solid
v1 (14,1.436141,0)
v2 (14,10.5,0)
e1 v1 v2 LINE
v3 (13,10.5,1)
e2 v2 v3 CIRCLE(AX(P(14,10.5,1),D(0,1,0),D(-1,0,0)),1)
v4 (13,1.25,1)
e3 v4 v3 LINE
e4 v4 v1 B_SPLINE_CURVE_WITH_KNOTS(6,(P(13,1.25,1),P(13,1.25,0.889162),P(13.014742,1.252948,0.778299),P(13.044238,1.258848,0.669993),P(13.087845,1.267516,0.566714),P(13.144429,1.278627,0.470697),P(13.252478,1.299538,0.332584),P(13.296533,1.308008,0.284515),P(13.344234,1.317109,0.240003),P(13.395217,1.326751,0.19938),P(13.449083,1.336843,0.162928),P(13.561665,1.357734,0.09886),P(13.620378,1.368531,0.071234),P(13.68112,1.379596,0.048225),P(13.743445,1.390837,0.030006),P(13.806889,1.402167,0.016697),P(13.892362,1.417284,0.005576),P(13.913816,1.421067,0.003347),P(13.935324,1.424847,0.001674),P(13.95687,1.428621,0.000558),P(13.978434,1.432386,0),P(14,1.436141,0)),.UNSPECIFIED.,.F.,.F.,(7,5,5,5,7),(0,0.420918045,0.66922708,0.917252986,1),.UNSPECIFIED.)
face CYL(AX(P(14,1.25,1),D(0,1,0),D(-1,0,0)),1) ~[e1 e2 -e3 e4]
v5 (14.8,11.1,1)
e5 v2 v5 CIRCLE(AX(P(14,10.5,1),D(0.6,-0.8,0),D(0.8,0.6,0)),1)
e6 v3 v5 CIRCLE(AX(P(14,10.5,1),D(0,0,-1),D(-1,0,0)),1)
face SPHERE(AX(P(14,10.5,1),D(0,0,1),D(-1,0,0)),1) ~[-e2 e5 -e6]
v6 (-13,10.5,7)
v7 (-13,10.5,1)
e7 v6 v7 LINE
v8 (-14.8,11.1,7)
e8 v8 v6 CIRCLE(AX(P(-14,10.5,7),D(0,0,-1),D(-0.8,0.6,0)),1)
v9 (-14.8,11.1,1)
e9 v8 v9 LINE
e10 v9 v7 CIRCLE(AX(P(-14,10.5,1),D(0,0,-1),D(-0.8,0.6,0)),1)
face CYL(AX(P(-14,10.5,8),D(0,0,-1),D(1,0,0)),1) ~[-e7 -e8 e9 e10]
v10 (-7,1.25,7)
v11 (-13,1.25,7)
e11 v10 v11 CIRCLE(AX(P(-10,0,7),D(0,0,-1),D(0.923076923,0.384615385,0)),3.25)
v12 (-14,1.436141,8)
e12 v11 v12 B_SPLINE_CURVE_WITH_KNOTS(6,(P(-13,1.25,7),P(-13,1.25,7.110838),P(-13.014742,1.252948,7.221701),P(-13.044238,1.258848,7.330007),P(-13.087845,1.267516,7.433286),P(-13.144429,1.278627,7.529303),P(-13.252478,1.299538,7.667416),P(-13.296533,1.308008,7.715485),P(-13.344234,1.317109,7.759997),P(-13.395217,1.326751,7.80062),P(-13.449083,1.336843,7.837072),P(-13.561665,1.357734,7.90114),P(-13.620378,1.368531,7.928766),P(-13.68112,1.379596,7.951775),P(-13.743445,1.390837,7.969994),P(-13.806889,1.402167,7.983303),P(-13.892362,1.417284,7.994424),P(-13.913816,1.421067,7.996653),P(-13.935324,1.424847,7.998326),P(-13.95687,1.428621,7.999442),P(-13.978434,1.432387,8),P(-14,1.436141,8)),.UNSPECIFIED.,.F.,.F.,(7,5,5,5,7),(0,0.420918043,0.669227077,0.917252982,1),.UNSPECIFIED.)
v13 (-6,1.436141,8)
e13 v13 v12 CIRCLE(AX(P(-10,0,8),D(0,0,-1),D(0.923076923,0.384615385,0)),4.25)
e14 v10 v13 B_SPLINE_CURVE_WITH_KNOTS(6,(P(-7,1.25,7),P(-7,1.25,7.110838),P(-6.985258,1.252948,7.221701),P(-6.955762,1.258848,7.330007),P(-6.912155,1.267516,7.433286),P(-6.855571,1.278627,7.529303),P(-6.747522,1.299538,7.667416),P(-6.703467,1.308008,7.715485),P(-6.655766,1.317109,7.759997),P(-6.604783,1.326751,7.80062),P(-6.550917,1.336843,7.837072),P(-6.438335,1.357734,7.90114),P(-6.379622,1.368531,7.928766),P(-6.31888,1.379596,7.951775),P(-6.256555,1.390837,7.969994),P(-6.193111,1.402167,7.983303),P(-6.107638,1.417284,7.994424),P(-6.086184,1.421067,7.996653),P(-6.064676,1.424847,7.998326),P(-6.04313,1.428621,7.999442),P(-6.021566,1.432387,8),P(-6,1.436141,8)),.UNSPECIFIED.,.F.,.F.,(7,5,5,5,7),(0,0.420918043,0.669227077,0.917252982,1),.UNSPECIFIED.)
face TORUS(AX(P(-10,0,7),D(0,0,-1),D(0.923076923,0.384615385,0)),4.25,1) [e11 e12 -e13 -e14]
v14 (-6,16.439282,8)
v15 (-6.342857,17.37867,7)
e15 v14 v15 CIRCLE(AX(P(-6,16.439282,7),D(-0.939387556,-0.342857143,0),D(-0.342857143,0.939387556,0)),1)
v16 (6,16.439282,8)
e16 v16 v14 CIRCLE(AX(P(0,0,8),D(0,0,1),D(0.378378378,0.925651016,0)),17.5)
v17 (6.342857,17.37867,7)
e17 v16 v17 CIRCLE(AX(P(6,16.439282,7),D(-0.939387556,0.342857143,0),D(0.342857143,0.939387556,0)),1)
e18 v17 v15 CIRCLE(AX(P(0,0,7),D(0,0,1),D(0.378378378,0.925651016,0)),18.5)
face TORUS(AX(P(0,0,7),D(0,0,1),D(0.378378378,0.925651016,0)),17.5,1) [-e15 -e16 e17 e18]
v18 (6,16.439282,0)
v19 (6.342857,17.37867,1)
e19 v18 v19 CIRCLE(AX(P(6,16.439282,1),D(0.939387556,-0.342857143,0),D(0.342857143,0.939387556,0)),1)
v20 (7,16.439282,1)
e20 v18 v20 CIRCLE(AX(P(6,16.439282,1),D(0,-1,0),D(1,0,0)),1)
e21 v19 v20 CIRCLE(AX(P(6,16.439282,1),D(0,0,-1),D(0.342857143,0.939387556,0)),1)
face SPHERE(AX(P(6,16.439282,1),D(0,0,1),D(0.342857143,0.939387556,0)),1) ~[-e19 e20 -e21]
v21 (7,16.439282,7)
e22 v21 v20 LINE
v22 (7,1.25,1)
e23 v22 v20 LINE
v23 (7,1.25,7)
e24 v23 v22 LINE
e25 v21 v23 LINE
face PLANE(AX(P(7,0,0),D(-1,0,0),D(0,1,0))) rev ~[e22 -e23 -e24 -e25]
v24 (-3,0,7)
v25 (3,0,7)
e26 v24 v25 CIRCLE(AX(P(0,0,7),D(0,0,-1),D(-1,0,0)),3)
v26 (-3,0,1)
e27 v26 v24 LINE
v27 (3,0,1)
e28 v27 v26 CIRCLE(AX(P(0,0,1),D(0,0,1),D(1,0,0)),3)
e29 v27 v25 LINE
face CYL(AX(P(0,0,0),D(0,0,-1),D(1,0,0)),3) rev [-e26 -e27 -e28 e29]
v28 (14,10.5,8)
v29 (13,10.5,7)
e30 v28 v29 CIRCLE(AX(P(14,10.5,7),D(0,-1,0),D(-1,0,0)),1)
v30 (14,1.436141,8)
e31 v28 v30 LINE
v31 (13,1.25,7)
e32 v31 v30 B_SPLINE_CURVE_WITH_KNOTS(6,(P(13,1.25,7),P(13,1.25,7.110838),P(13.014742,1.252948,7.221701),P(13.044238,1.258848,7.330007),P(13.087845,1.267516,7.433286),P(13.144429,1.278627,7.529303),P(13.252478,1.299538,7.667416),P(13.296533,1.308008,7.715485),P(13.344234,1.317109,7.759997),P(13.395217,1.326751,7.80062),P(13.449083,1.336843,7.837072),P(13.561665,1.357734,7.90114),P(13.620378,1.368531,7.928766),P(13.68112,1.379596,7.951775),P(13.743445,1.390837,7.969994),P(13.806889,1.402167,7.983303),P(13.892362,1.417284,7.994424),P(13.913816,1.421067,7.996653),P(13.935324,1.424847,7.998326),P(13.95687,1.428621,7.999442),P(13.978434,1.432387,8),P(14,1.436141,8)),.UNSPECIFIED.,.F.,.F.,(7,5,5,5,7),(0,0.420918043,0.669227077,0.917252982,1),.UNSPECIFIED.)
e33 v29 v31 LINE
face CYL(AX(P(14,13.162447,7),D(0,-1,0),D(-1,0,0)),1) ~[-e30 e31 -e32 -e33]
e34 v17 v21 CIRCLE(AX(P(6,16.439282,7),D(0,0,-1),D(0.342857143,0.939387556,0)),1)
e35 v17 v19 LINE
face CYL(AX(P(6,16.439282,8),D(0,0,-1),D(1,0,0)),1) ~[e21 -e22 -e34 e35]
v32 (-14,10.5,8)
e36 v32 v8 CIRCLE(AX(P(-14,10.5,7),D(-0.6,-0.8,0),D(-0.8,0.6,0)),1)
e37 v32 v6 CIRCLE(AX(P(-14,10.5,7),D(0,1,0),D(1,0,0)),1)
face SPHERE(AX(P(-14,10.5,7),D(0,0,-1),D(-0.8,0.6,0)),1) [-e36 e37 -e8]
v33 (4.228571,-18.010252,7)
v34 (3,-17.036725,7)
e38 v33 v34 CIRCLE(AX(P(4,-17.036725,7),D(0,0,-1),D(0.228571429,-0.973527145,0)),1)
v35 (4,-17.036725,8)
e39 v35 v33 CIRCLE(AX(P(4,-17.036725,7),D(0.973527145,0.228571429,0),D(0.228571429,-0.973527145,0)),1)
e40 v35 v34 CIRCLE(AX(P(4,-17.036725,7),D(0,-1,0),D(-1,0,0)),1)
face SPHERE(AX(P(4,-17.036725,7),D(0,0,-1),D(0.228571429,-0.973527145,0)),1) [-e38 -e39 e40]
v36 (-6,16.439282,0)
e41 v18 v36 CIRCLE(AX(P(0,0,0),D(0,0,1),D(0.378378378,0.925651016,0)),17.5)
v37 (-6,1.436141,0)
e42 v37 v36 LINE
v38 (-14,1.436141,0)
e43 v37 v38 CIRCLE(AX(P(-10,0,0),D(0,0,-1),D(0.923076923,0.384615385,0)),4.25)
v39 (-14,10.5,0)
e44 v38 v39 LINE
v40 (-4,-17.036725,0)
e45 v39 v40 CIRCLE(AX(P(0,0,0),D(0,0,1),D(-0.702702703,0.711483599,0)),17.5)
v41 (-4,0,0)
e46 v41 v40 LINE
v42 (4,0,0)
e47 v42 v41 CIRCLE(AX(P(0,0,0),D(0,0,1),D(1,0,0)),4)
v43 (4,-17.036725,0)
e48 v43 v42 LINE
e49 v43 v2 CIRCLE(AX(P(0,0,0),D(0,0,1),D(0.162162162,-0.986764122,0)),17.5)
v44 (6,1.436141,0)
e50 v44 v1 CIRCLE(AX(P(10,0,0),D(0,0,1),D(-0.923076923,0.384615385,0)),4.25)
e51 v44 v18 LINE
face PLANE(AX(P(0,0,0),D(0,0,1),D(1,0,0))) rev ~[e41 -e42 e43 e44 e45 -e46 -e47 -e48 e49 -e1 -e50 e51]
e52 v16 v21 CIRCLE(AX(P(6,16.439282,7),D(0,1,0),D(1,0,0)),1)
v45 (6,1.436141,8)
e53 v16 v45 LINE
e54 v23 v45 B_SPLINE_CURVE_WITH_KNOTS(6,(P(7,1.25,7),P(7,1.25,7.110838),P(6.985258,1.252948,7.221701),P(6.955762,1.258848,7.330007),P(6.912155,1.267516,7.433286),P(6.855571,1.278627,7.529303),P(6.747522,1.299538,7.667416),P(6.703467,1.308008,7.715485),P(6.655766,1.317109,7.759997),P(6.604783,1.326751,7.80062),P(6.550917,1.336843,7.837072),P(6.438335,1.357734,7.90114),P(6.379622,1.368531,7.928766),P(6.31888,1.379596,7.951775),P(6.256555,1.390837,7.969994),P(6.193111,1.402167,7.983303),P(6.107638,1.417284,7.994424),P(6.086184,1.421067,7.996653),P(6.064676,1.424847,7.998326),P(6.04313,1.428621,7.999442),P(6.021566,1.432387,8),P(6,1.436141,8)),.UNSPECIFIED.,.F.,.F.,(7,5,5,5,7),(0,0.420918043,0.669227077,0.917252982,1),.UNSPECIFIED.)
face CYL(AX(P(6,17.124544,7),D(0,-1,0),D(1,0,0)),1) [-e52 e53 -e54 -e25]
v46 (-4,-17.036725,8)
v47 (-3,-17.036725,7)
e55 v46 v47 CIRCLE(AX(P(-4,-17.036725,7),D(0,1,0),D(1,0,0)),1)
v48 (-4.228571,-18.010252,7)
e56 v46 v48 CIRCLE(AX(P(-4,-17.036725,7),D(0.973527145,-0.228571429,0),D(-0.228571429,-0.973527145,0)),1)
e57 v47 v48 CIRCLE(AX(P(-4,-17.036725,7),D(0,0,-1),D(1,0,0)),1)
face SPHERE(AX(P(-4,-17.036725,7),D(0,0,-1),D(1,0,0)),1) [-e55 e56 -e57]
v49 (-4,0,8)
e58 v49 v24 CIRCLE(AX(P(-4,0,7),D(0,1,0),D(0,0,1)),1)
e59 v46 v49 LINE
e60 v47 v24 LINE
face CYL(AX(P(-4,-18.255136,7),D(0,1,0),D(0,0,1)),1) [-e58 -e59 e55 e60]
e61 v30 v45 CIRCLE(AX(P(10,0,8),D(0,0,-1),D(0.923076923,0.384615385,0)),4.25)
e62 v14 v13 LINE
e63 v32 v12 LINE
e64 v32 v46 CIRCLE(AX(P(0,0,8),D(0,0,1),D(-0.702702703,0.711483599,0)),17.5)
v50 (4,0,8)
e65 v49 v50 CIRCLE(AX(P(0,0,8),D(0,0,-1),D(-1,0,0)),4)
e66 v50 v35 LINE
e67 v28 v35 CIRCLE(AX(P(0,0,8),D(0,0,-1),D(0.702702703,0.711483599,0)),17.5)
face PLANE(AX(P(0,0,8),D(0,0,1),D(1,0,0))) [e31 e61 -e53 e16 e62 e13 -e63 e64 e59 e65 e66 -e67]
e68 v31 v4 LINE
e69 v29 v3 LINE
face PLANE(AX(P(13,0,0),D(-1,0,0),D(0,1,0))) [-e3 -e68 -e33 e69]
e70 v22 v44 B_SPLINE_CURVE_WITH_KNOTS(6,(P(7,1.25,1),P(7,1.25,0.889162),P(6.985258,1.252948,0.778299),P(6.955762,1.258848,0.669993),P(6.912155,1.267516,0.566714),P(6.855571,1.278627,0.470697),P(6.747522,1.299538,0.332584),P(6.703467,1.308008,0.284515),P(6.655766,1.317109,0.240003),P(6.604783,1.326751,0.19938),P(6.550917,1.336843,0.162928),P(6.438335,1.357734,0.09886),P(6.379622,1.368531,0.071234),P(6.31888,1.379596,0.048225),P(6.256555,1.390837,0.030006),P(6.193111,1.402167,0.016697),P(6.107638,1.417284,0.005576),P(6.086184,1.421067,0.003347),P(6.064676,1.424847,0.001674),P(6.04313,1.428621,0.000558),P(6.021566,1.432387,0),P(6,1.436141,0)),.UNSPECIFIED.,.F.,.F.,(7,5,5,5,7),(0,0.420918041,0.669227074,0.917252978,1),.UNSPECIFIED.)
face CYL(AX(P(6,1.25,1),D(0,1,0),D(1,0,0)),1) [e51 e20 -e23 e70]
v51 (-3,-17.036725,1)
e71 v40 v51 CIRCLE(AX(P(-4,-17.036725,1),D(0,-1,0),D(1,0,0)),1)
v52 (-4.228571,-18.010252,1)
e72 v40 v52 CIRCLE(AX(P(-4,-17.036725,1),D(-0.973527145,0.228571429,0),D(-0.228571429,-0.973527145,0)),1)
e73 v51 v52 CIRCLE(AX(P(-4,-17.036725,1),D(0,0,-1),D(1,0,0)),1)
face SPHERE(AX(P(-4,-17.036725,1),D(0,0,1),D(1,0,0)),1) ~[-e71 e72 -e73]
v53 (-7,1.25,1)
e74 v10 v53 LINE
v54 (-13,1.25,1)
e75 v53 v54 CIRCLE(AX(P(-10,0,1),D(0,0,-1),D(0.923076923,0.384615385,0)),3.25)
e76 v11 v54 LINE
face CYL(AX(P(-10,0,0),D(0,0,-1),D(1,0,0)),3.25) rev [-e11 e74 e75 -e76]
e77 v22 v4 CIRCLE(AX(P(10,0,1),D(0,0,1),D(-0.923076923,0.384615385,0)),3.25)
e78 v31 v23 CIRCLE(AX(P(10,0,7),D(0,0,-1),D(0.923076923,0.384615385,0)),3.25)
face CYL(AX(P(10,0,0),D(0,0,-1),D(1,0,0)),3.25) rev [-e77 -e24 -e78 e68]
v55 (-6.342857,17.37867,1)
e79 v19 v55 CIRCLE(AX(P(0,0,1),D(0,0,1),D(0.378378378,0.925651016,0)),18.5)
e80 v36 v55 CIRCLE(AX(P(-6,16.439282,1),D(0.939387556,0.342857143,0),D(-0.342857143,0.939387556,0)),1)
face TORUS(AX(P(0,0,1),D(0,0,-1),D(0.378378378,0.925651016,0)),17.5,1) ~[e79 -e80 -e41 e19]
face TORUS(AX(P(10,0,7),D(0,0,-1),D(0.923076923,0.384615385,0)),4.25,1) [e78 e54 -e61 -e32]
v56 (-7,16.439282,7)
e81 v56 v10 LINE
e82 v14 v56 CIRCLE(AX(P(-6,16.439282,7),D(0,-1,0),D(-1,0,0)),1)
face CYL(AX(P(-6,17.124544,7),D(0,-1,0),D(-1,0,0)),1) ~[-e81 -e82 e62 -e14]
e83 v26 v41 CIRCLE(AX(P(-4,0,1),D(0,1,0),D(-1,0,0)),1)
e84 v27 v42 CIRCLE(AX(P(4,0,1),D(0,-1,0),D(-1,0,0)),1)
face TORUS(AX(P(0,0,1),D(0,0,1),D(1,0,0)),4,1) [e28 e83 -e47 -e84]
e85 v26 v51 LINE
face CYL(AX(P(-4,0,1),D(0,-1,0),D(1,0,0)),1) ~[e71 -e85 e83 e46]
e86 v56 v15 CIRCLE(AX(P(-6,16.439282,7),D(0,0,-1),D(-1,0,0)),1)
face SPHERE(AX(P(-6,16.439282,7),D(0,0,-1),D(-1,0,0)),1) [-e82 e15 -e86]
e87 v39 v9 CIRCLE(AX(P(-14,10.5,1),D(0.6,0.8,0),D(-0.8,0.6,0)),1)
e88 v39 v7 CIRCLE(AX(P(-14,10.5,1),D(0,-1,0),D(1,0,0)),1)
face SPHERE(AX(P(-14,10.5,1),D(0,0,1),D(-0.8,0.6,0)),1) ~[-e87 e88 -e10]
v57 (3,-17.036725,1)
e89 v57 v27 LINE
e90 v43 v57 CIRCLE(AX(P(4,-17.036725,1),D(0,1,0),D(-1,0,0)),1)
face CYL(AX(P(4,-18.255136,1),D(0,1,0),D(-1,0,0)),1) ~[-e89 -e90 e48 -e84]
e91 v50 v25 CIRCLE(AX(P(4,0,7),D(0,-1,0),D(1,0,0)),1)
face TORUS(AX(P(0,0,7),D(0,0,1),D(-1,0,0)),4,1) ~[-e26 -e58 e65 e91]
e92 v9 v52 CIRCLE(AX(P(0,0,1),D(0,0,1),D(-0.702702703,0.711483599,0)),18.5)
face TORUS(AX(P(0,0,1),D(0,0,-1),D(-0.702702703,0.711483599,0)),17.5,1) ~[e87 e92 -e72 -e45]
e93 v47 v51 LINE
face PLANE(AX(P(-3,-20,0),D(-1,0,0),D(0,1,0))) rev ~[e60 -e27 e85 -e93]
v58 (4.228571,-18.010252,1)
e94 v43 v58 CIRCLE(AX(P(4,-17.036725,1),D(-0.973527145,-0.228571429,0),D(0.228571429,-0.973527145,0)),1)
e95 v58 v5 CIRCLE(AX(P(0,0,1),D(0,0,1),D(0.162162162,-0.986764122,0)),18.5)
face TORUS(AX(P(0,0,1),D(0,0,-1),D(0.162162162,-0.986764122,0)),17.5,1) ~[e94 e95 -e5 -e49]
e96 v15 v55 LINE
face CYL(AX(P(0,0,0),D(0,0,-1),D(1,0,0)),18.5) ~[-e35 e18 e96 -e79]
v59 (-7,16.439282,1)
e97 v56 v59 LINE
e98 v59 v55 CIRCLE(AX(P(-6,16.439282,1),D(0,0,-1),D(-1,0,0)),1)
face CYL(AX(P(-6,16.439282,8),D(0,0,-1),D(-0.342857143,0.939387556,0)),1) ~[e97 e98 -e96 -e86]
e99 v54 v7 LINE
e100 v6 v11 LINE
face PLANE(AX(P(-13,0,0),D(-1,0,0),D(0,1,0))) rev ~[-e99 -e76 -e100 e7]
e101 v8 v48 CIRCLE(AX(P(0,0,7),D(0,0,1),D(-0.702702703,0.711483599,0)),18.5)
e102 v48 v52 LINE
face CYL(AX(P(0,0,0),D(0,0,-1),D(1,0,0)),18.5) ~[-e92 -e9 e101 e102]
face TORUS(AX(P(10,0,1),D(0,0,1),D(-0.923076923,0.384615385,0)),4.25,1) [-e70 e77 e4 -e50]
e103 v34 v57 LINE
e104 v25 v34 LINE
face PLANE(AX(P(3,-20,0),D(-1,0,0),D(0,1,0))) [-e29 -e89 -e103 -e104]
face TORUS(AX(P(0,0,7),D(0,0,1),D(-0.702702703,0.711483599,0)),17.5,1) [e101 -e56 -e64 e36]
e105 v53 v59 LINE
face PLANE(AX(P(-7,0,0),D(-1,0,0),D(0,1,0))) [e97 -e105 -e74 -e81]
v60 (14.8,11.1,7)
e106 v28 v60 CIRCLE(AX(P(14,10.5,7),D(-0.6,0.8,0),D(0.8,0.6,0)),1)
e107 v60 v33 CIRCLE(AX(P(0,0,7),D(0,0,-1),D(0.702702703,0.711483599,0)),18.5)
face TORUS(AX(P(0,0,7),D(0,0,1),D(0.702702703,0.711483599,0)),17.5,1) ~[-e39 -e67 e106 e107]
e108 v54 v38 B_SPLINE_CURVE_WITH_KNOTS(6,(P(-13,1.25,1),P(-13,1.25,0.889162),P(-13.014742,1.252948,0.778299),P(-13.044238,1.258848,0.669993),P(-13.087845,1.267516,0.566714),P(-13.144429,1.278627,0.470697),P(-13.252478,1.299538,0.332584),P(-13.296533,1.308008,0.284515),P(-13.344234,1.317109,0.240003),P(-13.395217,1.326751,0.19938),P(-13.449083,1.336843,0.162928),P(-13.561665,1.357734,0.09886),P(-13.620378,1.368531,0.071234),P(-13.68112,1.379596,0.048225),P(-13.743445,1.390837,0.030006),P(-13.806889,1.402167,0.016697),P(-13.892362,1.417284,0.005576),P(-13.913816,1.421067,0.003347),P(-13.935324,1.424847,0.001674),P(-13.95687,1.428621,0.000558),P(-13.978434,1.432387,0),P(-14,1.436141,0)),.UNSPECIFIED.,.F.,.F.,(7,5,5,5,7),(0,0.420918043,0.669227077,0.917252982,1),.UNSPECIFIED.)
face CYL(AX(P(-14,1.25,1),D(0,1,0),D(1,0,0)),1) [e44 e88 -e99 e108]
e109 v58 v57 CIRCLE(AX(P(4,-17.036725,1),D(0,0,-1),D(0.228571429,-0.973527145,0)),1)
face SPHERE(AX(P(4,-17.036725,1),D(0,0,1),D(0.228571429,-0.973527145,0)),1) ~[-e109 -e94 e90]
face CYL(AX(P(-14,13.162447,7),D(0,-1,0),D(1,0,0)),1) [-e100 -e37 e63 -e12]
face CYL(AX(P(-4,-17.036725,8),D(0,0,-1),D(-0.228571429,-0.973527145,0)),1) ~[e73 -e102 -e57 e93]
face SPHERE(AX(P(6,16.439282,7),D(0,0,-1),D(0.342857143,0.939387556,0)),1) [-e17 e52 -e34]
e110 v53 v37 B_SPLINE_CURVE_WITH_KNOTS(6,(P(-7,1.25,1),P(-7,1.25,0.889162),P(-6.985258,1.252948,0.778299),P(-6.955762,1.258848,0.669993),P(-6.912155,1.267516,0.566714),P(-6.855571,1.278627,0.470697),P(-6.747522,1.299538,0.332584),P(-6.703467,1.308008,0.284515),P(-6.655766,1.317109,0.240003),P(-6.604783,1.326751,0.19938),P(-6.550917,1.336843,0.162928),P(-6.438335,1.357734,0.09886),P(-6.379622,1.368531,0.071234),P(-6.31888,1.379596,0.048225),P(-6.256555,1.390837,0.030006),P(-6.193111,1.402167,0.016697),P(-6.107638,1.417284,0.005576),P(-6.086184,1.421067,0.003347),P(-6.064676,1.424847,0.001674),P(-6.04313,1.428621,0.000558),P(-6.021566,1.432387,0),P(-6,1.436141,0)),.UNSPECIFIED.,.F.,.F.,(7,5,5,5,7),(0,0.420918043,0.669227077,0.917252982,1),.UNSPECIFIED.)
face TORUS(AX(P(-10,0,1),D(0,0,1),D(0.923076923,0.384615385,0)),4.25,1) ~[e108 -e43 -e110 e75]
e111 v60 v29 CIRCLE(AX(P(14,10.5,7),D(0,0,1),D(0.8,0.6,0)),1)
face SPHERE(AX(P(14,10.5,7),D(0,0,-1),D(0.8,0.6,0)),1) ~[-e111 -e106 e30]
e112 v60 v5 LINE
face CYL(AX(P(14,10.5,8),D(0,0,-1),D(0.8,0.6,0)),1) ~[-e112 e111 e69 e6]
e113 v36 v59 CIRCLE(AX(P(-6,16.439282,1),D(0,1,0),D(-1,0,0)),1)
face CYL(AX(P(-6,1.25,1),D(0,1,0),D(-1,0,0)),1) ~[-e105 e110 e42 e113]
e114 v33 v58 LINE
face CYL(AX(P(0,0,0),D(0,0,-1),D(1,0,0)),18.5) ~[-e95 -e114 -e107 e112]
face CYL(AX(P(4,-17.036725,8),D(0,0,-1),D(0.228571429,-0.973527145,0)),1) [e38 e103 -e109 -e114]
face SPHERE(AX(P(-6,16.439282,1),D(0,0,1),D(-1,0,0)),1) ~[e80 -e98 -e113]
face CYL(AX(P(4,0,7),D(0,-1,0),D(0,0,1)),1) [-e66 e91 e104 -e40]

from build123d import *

# Parameters (mm, degrees)
CYLINDER001_R     = 3.25
CYLINDER001_DEPTH = 10
CYLINDER002_R     = 3.25
CYLINDER002_DEPTH = 10
BOX_W             = 6
BOX_H             = 20
BOX_DEPTH         = 10
BOX001_W          = 6
BOX001_H          = 20
BOX001_DEPTH      = 10
BOX003_W          = 6
BOX003_H          = 20
BOX003_DEPTH      = 10
CYLINDER003_R     = 3.25
CYLINDER003_DEPTH = 10
CYLINDER004_R     = 3
CYLINDER004_DEPTH = 10
CYLINDER_R        = 18.5
CYLINDER_DEPTH    = 8
FILLET_R          = 1


with BuildPart() as cylinder001:
    # Cylinder001 → Cylinder001 (new body)
    with BuildSketch(Plane(origin=(10, 0, 0), x_dir=(1, 0, 0), z_dir=(0, 0, 1))):
        Circle(CYLINDER001_R)
    extrude(amount=CYLINDER001_DEPTH)


with BuildPart() as cylinder002:
    # Cylinder002 → Cylinder002 (new body)
    with BuildSketch(Plane(origin=(-10, 0, 0), x_dir=(1, 0, 0), z_dir=(0, 0, 1))):
        Circle(CYLINDER002_R)
    extrude(amount=CYLINDER002_DEPTH)


with BuildPart() as cube:
    # Box → Box (new body)
    with BuildSketch(Plane(origin=(7, 0, 0), x_dir=(1, 0, 0), z_dir=(0, 0, 1))):
        with Locations((3, 10)):
            Rectangle(BOX_W, BOX_H)
    extrude(amount=BOX_DEPTH)


with BuildPart() as cube001:
    # Box001 → Box001 (new body)
    with BuildSketch(Plane(origin=(-13, 0, 0), x_dir=(1, 0, 0), z_dir=(0, 0, 1))):
        with Locations((3, 10)):
            Rectangle(BOX001_W, BOX001_H)
    extrude(amount=BOX001_DEPTH)


with BuildPart() as cube003:
    # Box003 → Box003 (new body)
    with BuildSketch(Plane(origin=(-3, -20, 0), x_dir=(1, 0, 0), z_dir=(0, 0, 1))):
        with Locations((3, 10)):
            Rectangle(BOX003_W, BOX003_H)
    extrude(amount=BOX003_DEPTH)


with BuildPart() as cylinder003:
    # Cylinder003 → Cylinder003 (new body)
    with BuildSketch(Plane(origin=(10, 0, 0), x_dir=(1, 0, 0), z_dir=(0, 0, 1))):
        Circle(CYLINDER003_R)
    extrude(amount=CYLINDER003_DEPTH)


with BuildPart() as fusion:
    # Cylinder004 → Cylinder004 (new body)
    with BuildSketch(Plane.XY):
        Circle(CYLINDER004_R)
    extrude(amount=CYLINDER004_DEPTH)

    # Fusion: union Cylinder001, Cylinder002, Cube, Cube001, Cube003, Cylinder003
    add(cylinder001.part)
    add(cylinder002.part)
    add(cube.part)
    add(cube001.part)
    add(cube003.part)
    add(cylinder003.part)


with BuildPart() as fillet_body:
    # Cylinder → Cylinder (new body)
    with BuildSketch(Plane.XY):
        Circle(CYLINDER_R)
    extrude(amount=CYLINDER_DEPTH)

    # Cut: cut Fusion
    add(fusion.part, mode=Mode.SUBTRACT)

    # Fillet
    fillet_edges = [fillet_body.edges().sort_by_distance(p)[0] for p in [
        (17.06971, 7.132671, 0),
        (13, 13.162447, 4),
        (17.06971, 7.132671, 8),
        (14.102305, -11.97393, 0),
        (3, -9.127568, 0),
        (0, 3, 0),
        (-3, -9.127568, 0),
        (-17.62856, -5.611049, 0),
        (-13, 7.206223, 0),
        (-10.637377, -3.186887, 0),
        (-6.813113, 0.637377, 0),
        (-7, 9.187272, 0),
        (0, 18.5, 0),
        (7, 9.187272, 0),
        (9.362623, -3.186887, 0),
        (13.186887, 0.637377, 0),
        (13, 7.206223, 0),
        (13, 7.206223, 8),
        (14.102305, -11.97393, 8),
        (3, -9.127568, 8),
        (0, 3, 8),
        (-3, -9.127568, 8),
        (-17.62856, -5.611049, 8),
        (-13, 7.206223, 8),
        (-10.637377, -3.186887, 8),
        (-6.813113, 0.637377, 8),
        (-7, 9.187272, 8),
        (0, 18.5, 8),
        (7, 9.187272, 8),
        (9.362623, -3.186887, 8),
        (3, -18.255136, 4),
        (-3, -18.255136, 4),
        (-13, 13.162447, 4),
        (-7, 17.124544, 4),
        (7, 17.124544, 4),
    ]]
    fillet(fillet_edges, radius=FILLET_R)


solid = fillet_body.part
